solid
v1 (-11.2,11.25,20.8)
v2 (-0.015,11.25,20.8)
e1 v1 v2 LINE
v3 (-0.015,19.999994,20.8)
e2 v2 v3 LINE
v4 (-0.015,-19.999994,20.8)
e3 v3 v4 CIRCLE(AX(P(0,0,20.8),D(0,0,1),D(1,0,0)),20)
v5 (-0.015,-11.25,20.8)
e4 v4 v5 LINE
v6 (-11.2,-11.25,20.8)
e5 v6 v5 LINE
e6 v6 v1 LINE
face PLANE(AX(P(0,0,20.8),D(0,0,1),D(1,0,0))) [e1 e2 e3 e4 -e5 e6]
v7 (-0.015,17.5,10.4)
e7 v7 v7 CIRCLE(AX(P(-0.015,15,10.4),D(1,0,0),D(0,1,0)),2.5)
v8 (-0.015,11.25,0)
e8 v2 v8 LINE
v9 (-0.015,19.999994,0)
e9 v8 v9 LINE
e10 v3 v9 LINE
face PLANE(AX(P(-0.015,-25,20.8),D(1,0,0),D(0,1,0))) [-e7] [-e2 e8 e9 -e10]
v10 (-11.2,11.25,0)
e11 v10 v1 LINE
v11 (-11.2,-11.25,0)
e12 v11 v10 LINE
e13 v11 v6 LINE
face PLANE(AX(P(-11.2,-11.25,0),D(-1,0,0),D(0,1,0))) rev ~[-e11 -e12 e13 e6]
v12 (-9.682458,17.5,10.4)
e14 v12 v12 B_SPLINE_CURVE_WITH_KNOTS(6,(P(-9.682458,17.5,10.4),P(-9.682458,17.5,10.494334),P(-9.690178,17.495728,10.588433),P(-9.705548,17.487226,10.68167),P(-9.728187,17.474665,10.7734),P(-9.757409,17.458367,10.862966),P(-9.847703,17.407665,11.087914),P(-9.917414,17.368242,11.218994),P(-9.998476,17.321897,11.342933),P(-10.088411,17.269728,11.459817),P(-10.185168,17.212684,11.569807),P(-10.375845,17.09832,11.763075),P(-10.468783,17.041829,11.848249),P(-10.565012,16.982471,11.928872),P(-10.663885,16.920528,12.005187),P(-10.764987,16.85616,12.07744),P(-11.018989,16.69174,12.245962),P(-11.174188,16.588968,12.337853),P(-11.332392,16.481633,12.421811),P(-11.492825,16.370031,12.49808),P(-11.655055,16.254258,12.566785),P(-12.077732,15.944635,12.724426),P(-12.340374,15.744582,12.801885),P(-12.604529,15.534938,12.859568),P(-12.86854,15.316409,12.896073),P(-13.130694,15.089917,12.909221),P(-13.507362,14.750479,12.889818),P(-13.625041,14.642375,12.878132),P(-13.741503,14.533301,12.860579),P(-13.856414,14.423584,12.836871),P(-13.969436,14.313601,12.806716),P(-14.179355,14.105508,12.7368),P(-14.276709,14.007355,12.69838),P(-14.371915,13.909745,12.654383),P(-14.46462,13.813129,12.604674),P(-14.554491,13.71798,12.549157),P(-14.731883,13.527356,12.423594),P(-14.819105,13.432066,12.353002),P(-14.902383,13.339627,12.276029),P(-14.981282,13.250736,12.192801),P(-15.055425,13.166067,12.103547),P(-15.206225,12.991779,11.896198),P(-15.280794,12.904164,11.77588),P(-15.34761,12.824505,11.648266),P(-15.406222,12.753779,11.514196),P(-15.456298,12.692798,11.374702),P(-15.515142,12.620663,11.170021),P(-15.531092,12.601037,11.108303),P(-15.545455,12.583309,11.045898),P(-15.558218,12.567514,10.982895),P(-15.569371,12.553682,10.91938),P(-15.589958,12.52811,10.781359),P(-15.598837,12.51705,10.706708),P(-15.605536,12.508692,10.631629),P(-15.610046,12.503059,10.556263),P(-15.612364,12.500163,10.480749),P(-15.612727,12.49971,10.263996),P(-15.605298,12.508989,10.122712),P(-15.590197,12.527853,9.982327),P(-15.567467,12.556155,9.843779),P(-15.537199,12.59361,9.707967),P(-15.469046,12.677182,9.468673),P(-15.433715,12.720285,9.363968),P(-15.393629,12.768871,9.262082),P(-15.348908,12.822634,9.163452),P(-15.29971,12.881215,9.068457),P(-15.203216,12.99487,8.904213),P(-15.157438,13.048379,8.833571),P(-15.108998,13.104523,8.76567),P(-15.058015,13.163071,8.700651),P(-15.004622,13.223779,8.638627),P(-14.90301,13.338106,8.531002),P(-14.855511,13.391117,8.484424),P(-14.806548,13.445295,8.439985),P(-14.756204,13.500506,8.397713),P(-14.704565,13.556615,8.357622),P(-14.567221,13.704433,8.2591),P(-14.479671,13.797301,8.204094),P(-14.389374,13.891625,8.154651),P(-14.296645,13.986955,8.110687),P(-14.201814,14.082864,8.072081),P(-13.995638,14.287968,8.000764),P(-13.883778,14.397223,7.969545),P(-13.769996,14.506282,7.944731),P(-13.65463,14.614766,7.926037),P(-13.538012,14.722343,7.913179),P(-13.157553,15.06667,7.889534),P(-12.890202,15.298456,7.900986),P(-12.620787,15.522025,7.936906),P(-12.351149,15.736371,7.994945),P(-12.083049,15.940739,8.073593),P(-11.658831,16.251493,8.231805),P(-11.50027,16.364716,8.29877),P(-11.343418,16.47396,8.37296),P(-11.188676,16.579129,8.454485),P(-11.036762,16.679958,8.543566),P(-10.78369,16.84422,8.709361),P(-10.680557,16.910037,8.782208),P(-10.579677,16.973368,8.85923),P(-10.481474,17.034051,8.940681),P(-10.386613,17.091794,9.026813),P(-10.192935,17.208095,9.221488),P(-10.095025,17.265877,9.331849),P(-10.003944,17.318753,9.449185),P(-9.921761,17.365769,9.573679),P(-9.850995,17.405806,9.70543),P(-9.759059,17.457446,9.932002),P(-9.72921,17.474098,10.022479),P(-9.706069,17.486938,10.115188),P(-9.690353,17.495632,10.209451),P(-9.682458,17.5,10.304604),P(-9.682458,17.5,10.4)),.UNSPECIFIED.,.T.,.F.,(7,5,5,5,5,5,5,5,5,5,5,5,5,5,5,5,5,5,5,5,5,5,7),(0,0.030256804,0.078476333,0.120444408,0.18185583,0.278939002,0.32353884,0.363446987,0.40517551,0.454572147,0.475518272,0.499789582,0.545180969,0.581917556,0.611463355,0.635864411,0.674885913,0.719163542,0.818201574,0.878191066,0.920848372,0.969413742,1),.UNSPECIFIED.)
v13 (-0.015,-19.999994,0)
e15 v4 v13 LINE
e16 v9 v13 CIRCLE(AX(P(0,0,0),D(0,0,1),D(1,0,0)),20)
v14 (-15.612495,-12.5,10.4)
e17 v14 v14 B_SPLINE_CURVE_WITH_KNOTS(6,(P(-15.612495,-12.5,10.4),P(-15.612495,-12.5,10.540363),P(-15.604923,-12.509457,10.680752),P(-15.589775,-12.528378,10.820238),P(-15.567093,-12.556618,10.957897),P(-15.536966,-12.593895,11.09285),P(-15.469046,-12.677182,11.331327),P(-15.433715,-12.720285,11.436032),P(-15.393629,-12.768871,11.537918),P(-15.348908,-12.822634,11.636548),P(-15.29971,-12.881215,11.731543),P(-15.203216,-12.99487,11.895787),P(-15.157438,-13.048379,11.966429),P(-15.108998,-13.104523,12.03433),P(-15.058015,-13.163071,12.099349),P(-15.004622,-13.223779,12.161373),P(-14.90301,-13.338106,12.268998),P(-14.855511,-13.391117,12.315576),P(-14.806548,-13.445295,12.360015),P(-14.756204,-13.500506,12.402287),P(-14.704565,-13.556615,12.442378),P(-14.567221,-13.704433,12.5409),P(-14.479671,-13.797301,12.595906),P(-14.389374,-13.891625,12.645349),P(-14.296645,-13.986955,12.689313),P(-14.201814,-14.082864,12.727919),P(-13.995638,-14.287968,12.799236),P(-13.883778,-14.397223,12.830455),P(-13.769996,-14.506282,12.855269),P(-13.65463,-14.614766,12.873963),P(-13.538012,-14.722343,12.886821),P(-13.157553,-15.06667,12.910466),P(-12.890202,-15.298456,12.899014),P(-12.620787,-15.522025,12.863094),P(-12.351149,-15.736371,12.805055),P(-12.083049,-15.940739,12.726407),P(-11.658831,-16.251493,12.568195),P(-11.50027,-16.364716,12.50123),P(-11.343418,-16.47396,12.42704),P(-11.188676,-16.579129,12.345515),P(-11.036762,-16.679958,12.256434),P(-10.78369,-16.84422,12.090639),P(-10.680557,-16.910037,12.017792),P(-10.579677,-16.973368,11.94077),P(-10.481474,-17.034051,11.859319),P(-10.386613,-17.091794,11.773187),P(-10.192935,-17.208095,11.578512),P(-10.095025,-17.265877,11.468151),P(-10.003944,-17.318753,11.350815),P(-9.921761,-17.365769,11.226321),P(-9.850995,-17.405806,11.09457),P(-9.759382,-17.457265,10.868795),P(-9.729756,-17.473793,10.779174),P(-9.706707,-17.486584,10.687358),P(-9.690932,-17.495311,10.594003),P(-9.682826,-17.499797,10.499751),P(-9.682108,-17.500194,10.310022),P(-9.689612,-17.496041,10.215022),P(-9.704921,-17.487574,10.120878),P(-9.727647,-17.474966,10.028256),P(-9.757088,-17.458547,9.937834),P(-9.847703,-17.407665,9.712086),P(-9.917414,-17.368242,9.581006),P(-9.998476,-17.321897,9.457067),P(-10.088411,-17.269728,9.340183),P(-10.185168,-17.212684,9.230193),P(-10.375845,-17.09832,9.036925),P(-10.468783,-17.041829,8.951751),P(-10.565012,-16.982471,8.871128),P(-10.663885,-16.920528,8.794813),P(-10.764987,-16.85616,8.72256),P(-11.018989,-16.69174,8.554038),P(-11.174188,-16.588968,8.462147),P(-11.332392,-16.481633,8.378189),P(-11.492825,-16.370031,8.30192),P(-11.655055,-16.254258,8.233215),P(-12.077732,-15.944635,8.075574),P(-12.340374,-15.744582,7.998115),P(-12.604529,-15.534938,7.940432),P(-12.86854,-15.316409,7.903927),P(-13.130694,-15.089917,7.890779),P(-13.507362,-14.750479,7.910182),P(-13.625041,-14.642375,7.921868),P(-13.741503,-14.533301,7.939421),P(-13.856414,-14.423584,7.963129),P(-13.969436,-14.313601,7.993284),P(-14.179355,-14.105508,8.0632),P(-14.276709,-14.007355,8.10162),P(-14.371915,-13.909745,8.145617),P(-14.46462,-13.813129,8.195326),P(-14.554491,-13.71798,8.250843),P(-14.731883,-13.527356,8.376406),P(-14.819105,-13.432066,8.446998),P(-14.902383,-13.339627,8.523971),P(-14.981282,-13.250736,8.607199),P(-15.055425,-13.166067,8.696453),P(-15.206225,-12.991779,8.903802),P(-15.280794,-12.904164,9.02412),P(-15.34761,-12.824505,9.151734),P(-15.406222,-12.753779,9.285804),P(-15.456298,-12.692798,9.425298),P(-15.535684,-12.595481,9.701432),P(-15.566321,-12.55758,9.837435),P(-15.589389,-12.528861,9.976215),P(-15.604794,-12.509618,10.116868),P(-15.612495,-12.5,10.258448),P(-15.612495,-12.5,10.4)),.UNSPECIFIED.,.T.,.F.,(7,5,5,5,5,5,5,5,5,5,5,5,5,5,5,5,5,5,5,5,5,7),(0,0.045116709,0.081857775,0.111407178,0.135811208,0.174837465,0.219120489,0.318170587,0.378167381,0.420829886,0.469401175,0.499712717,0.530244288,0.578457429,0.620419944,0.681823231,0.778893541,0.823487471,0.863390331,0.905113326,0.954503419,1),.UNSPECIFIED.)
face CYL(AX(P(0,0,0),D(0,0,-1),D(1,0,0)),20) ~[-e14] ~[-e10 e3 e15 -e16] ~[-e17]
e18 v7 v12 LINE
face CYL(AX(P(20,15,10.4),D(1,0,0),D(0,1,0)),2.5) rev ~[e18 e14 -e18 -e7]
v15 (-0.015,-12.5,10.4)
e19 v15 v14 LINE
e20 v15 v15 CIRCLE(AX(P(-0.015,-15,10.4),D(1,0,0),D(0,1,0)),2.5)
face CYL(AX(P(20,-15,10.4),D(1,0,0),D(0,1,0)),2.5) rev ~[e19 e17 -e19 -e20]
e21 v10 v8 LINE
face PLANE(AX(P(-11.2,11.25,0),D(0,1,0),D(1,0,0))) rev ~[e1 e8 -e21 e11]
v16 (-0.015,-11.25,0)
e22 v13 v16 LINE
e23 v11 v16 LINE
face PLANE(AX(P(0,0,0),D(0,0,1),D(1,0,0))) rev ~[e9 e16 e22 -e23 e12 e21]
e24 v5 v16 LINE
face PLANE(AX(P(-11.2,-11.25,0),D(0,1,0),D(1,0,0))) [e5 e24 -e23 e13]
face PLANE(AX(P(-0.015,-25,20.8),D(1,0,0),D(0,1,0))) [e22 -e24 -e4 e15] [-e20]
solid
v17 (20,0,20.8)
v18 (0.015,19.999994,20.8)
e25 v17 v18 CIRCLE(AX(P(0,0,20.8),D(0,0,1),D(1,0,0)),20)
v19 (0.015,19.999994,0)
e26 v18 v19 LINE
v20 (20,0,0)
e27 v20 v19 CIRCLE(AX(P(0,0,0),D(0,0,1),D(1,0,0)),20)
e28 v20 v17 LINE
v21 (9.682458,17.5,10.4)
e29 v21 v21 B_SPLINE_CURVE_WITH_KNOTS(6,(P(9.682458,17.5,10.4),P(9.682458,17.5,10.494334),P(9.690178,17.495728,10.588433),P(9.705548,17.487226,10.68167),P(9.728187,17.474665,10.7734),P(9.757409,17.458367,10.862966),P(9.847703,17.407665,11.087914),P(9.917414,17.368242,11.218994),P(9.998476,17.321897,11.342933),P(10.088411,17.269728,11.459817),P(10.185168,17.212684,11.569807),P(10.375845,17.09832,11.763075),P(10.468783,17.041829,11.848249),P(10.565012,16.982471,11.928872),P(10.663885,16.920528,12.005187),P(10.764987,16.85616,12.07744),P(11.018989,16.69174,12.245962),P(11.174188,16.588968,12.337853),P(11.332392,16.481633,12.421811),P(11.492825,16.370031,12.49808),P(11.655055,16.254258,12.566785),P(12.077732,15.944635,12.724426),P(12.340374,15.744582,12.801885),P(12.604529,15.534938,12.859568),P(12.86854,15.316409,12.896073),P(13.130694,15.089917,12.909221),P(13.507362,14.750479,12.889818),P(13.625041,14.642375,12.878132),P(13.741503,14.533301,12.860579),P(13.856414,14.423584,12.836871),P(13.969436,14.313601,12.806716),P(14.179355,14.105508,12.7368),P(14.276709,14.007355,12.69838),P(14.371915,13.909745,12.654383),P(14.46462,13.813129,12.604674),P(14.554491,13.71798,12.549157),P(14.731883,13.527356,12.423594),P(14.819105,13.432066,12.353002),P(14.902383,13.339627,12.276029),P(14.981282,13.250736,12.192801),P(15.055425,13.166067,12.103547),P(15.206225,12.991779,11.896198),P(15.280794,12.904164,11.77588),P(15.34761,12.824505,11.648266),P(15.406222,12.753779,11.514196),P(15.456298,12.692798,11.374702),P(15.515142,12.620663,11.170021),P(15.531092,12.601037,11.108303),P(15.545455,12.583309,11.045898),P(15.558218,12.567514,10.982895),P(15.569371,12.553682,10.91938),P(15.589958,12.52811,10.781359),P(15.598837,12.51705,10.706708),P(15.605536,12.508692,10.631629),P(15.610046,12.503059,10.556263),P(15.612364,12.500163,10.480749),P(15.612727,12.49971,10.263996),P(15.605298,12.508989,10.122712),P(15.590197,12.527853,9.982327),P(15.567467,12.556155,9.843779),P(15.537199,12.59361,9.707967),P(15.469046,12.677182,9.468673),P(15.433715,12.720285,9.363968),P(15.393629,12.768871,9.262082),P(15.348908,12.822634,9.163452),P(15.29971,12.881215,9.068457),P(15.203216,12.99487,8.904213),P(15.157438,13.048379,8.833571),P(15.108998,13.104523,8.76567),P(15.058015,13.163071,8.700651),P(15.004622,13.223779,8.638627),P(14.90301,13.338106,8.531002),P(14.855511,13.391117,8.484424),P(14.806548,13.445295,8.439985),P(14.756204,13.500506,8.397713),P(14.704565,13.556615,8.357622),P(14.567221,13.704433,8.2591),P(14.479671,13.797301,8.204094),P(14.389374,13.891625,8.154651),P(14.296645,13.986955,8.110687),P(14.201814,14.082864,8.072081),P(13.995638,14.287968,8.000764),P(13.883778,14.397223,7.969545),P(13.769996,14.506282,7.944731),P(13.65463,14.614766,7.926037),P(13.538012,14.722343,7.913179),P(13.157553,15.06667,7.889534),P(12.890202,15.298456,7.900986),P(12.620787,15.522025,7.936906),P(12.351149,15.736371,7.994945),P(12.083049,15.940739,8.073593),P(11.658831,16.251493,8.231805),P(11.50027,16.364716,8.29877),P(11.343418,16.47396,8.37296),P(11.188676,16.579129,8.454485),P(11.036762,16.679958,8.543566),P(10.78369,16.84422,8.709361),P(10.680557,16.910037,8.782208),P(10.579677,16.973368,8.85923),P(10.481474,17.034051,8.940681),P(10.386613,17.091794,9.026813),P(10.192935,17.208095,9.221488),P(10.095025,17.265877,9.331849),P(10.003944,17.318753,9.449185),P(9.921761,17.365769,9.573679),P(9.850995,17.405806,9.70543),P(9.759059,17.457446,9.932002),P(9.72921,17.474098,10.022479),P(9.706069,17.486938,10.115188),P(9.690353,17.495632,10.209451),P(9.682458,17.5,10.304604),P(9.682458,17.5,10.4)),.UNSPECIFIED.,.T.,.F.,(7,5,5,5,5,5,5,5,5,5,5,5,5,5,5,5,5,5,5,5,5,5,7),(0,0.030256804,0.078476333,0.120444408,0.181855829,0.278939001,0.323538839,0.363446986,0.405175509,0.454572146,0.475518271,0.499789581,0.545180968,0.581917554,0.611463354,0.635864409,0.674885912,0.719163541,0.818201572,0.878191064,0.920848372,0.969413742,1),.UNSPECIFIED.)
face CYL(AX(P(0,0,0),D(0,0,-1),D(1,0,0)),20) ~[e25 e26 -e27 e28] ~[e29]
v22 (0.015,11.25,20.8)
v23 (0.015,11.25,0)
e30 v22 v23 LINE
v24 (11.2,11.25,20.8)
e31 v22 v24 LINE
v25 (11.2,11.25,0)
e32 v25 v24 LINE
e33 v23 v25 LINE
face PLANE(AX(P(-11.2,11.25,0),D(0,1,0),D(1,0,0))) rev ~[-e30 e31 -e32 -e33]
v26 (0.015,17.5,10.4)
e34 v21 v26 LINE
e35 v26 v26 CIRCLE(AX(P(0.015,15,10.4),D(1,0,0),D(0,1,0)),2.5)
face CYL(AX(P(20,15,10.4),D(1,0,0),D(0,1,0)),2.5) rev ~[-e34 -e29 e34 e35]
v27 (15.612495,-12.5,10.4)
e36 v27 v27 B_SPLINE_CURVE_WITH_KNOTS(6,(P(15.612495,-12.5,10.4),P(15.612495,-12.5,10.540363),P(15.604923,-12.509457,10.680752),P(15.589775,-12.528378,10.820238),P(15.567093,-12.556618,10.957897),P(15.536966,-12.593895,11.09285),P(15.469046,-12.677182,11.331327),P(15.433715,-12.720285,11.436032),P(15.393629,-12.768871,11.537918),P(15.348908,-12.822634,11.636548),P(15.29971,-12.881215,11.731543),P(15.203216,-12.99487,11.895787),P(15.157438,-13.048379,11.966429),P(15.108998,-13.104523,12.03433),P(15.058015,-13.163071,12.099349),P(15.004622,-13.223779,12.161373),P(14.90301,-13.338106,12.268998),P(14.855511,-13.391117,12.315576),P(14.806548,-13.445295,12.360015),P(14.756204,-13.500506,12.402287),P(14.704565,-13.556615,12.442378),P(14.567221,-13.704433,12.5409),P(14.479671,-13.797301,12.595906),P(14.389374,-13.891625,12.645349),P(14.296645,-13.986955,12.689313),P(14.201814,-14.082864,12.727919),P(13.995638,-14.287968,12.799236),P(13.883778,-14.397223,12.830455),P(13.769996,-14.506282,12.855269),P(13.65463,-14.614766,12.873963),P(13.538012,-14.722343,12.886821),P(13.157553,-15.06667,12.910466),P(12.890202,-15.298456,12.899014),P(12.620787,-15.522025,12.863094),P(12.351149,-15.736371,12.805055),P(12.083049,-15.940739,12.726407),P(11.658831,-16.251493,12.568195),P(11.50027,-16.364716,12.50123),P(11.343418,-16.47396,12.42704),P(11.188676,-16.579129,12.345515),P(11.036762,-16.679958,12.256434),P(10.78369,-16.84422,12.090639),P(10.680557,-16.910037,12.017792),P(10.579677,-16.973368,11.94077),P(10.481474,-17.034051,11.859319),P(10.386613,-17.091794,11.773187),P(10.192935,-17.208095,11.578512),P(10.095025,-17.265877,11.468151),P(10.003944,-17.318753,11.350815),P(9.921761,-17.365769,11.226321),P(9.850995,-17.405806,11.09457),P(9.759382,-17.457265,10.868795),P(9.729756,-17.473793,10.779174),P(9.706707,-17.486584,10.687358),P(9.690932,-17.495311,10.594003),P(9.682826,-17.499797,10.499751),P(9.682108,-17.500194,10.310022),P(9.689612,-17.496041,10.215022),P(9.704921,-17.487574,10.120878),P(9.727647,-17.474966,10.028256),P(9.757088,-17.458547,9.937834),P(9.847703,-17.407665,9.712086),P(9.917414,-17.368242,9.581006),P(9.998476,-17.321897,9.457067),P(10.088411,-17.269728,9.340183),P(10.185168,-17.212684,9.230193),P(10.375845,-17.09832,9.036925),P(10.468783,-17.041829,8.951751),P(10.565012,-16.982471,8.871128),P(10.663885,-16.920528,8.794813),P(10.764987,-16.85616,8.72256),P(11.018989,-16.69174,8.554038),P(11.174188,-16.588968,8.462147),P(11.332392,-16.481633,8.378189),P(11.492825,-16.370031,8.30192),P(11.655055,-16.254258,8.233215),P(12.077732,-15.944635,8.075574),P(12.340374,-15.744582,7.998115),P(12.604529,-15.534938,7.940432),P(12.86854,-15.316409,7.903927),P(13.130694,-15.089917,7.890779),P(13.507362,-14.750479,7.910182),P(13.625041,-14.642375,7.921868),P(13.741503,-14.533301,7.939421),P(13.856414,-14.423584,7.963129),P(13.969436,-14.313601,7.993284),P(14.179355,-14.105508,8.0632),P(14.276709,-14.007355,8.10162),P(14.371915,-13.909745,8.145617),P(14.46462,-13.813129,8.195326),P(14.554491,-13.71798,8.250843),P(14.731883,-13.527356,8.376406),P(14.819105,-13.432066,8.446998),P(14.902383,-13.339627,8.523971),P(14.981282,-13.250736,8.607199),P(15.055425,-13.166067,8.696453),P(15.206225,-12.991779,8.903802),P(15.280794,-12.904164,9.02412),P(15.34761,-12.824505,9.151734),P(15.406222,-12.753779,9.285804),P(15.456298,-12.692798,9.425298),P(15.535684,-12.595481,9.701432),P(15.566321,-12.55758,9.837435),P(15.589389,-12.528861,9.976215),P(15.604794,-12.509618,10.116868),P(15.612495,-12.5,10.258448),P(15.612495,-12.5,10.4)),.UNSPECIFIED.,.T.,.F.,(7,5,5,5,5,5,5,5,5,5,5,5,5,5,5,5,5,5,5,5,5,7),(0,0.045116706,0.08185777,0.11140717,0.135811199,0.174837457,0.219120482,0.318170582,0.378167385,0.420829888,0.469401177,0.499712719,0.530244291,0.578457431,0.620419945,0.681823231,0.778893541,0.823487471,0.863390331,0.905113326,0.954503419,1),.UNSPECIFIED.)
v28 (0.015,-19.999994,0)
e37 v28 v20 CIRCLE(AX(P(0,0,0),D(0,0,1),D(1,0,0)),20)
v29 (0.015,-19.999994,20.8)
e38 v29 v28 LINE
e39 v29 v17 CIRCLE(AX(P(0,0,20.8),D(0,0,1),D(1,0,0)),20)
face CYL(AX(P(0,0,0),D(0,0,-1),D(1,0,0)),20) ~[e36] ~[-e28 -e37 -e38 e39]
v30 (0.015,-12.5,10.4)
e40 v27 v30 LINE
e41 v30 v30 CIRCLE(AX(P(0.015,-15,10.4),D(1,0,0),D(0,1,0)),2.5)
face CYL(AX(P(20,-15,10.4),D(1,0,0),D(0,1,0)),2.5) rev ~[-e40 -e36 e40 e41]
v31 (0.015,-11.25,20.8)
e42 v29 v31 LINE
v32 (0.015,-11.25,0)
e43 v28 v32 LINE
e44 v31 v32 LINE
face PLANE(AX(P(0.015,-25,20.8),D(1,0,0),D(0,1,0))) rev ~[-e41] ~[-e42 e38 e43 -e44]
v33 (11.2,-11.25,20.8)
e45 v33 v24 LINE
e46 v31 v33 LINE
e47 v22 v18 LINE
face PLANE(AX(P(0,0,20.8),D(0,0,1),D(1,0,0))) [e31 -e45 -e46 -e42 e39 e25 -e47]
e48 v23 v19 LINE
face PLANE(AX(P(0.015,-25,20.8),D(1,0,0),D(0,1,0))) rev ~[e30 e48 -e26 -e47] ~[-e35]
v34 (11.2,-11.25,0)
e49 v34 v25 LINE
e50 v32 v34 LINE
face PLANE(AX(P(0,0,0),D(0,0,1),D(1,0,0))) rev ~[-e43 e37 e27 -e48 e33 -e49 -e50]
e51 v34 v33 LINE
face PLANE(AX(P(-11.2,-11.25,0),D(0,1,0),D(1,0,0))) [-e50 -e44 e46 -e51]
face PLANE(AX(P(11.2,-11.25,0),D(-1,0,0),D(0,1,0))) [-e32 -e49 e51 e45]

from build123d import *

# Parameters (mm, degrees)
F0_R     = 20
F0_W     = 22.4
F0_H     = 22.5
F1_DEPTH = 20.8
F3_R     = 2.5
F4_DEPTH = 40.001
F5_W     = 0.03
F5_H     = 50
F6_DEPTH = 20.801


with BuildPart() as f1:
    # F0 (on Top) → F1 (new body)
    with BuildSketch(Plane.XY):
        Circle(F0_R)
        Rectangle(F0_W, F0_H, mode=Mode.SUBTRACT)
    extrude(amount=F1_DEPTH)

    # F3 (on offset) → F4 (cut, through all)
    with BuildSketch(Plane.YZ.offset(20)):
        with Locations((-15, 10.4)):
            Circle(F3_R)
        with Locations((15, 10.4)):
            Circle(F3_R)
    extrude(amount=-F4_DEPTH, mode=Mode.SUBTRACT)

    # F5 (on face) → F6 (cut, through all)
    with BuildSketch(Plane.XY.offset(20.8)):
        Rectangle(F5_W, F5_H)
    extrude(amount=-F6_DEPTH, mode=Mode.SUBTRACT)


solid = f1.part
